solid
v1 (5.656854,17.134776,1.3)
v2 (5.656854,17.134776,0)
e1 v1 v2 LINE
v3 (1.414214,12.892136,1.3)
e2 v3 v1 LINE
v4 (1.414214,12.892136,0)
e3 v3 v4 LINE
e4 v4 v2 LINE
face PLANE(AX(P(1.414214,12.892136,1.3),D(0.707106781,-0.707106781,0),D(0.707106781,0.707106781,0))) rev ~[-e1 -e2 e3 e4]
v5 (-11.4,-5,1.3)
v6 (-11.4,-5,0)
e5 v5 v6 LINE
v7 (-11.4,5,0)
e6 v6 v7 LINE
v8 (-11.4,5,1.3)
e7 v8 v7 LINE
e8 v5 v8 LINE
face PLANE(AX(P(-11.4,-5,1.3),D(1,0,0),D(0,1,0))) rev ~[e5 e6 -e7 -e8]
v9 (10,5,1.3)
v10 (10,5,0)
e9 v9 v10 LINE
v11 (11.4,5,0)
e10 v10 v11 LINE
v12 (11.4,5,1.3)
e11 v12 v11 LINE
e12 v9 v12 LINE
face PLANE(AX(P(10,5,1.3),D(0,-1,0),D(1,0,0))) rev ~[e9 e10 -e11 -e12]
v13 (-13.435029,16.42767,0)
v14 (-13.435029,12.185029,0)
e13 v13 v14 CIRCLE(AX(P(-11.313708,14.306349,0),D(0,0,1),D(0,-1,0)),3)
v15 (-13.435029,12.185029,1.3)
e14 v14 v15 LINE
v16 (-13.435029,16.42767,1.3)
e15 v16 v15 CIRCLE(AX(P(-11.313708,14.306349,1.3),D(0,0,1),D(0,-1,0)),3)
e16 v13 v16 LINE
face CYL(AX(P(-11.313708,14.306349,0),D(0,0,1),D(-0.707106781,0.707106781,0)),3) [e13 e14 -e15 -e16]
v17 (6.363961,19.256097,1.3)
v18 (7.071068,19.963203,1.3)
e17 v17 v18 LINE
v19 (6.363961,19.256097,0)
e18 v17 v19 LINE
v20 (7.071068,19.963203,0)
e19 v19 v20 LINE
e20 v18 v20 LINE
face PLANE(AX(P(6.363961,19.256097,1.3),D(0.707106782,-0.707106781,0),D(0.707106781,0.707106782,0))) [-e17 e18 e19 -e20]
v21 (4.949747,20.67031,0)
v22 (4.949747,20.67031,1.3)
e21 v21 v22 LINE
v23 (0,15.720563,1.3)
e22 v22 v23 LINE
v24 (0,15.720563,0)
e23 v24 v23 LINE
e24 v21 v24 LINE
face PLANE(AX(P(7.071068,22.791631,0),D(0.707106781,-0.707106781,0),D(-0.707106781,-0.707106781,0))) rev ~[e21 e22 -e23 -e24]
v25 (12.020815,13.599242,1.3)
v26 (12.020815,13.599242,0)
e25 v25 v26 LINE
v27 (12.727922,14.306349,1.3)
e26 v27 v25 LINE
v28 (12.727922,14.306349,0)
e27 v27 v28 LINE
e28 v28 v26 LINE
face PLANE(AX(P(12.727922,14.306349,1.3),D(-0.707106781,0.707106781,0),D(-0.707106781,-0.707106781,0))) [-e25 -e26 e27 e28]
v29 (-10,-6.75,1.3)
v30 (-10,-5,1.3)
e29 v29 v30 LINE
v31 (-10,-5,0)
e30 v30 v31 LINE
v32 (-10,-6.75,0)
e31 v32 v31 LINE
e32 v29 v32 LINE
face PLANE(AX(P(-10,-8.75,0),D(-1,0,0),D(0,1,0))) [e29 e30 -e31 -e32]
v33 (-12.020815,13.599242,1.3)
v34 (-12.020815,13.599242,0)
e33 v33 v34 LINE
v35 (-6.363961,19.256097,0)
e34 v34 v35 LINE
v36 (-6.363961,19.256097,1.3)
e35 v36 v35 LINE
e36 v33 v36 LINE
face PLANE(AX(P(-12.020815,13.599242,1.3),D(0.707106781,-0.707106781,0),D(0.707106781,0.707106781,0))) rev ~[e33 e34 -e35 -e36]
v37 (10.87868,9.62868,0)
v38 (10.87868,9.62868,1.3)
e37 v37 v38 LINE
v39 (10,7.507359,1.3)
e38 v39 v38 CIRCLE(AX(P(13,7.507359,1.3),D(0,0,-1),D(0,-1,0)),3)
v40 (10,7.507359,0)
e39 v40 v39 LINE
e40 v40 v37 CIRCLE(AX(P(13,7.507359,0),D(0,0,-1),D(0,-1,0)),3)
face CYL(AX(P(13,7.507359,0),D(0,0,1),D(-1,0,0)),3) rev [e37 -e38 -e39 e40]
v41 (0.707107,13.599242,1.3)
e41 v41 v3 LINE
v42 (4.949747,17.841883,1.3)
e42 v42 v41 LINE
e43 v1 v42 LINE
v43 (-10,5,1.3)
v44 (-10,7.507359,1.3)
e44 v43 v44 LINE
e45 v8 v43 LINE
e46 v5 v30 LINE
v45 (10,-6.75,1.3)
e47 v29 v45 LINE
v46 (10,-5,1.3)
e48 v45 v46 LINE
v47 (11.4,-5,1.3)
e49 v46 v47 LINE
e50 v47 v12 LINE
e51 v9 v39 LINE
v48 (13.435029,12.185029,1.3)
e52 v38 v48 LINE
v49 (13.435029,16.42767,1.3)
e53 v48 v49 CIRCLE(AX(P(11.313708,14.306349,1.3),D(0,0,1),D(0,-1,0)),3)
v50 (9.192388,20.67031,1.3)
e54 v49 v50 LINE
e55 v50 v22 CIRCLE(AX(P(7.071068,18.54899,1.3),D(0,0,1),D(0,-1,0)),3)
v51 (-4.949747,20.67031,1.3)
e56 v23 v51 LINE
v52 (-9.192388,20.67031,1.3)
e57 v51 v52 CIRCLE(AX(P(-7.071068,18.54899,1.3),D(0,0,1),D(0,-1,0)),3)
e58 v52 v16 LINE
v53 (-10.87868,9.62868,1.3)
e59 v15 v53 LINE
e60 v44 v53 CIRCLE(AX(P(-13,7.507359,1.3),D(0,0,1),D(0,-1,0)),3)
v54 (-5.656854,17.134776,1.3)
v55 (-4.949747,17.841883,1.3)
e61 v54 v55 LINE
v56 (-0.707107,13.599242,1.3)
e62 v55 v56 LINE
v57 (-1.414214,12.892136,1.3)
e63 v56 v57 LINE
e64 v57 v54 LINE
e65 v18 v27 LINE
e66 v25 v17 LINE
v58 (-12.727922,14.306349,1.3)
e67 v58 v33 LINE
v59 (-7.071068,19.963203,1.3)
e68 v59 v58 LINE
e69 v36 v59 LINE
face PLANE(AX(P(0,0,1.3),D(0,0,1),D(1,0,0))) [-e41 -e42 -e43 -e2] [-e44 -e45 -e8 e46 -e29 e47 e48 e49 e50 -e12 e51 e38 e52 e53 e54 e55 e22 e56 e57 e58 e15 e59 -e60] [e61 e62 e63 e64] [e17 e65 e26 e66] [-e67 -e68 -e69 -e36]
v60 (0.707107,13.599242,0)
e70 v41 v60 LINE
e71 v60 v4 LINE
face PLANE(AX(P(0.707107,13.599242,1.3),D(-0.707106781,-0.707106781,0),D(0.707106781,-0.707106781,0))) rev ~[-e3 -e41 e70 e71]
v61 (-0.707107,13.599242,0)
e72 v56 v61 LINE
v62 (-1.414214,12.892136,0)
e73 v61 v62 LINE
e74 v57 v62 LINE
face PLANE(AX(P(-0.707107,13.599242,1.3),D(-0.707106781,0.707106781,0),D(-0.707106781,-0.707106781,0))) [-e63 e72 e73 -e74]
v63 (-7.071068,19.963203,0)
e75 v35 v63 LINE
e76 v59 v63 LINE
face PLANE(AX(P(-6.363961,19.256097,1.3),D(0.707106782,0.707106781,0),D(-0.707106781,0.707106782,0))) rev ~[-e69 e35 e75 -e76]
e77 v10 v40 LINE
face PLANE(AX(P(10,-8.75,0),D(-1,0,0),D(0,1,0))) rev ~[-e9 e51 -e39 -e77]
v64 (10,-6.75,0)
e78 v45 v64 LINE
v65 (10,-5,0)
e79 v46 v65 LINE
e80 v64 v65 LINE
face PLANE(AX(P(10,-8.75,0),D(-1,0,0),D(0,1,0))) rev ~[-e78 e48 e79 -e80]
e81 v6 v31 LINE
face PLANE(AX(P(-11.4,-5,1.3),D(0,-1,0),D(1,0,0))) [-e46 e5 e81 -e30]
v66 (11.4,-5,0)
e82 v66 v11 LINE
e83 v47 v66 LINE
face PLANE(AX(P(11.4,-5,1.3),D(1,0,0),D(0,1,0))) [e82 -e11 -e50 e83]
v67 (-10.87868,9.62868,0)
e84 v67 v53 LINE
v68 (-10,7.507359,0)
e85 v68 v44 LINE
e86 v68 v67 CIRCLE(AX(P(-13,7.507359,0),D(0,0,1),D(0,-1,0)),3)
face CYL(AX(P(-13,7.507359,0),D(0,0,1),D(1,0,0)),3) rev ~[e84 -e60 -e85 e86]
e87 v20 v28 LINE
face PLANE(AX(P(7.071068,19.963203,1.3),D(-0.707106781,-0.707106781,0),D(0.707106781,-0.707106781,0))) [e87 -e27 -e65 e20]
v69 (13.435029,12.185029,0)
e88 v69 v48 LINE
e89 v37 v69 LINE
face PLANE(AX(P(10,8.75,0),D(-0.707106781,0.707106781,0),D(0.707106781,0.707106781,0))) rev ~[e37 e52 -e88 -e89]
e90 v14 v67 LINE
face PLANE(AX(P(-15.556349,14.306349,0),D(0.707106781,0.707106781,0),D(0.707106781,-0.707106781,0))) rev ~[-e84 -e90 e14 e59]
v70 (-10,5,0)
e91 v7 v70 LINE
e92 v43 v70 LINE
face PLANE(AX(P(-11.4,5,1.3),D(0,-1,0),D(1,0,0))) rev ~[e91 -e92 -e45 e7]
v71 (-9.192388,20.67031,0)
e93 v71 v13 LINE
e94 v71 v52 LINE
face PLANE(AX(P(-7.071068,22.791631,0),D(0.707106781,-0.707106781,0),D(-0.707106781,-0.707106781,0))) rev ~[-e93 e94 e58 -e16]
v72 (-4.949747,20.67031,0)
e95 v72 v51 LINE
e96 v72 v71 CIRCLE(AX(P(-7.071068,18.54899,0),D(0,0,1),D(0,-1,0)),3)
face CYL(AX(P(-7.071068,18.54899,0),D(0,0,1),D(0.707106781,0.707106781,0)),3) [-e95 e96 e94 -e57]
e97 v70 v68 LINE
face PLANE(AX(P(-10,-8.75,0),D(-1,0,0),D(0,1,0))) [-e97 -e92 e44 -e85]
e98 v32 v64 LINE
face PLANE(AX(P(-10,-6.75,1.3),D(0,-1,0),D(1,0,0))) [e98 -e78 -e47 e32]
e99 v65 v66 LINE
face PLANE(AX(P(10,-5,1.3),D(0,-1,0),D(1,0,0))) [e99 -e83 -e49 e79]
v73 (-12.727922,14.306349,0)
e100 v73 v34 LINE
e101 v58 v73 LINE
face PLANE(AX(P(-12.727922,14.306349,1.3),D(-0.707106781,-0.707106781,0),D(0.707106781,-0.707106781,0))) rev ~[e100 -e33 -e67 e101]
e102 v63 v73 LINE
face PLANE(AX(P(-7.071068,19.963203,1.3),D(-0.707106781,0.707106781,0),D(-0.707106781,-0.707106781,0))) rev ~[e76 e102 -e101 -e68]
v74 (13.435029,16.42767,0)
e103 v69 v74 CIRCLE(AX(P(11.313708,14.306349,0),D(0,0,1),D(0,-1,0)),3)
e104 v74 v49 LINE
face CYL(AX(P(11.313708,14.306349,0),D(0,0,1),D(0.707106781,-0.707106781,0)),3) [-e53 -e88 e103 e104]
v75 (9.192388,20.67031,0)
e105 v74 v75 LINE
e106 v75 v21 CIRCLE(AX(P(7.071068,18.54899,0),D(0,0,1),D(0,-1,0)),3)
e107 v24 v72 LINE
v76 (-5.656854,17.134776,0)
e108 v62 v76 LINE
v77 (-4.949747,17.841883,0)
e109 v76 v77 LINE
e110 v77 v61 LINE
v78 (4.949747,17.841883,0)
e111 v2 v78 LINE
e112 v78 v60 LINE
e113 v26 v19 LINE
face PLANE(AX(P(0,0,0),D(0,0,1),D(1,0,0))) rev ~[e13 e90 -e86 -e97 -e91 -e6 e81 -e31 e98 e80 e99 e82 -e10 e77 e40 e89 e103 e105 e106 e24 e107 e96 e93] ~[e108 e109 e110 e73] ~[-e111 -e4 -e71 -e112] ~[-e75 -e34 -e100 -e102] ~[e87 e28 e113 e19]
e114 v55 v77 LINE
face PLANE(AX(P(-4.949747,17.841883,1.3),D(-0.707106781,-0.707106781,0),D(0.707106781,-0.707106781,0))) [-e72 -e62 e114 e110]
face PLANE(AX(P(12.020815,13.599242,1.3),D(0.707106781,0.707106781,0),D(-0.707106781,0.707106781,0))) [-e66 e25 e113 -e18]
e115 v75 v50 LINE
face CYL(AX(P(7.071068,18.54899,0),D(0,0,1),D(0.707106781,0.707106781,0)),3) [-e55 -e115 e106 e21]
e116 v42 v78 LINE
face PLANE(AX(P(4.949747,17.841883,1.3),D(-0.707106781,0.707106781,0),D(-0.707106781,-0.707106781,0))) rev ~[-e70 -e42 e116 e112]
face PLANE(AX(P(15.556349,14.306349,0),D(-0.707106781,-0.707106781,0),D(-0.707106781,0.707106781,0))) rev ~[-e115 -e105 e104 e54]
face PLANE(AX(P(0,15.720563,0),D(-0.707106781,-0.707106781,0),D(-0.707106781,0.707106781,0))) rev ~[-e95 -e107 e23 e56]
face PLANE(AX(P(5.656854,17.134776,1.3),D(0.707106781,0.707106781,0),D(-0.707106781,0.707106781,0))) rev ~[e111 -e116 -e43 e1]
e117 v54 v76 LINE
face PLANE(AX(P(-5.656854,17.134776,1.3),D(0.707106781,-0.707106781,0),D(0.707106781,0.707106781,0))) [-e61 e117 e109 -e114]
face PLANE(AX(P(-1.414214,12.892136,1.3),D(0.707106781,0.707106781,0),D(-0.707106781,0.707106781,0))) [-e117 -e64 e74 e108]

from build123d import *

# Parameters (mm, degrees)
BOSS_EXTRUDE1_DEPTH = 1.3
FILLET1_R           = 3
CUT_EXTRUDE1_DEPTH  = 26.902339963
SKETCH2_3_W         = 1.4
SKETCH2_3_H         = 10
BOSS_EXTRUDE2_DEPTH = 1.3
SKETCH3_W           = 20
SKETCH3_H           = 2
CUT_EXTRUDE2_DEPTH  = 26.902339963
CUT_EXTRUDE3_DEPTH  = 26.902339963


with BuildPart() as part:
    # Sketch1 → Boss-Extrude1 (new body)
    with BuildSketch(Plane.XY):
        Polygon((-15.556349186, 14.306349186), (-10, 8.75), (-10, -8.75), (10, -8.75), (10, 8.75), (15.556349186, 14.306349186), (7.071067812, 22.79163056), (0, 15.720562748), (-7.071067812, 22.79163056), align=None)
    extrude(amount=BOSS_EXTRUDE1_DEPTH)

    # Fillet1
    fillet1_edges = [part.edges().sort_by_distance(p)[0] for p in [
        (-10, 8.75, 0.65),
        (10, 8.75, 0.65),
        (-15.556349186, 14.306349186, 0.65),
        (-7.071067812, 22.79163056, 0.65),
        (7.071067812, 22.79163056, 0.65),
        (15.556349186, 14.306349186, 0.65),
    ]]
    fillet(fillet1_edges, radius=FILLET1_R)

    # Sketch2 → Cut-Extrude1 (cut, through all)
    with BuildSketch(Plane.XY.offset(1.3)):
        Polygon((7.071067812, 19.963203436), (12.727922061, 14.306349186), (12.02081528, 13.599242405), (6.363961031, 19.256096654), align=None)
        Polygon((-12.727922061, 14.306349186), (-12.02081528, 13.599242405), (-6.363961031, 19.256096654), (-7.071067812, 19.963203436), align=None)
    extrude(amount=-CUT_EXTRUDE1_DEPTH, mode=Mode.SUBTRACT)

    # Sketch2<3> → Boss-Extrude2 (add)
    with BuildSketch(Plane.XY.offset(1.3)):
        with Locations((-10.7, 0)):
            Rectangle(SKETCH2_3_W, SKETCH2_3_H)
        with Locations((10.7, 0)):
            Rectangle(SKETCH2_3_W, SKETCH2_3_H)
    extrude(amount=-BOSS_EXTRUDE2_DEPTH)

    # Sketch3 → Cut-Extrude2 (cut, through all)
    with BuildSketch(Plane.XY.offset(1.3)):
        with Locations((0, -7.75)):
            Rectangle(SKETCH3_W, SKETCH3_H)
    extrude(amount=-CUT_EXTRUDE2_DEPTH, mode=Mode.SUBTRACT)

    # Sketch4 → Cut-Extrude3 (cut, through all)
    with BuildSketch(Plane.XY.offset(1.3)):
        Polygon((-4.949747468, 17.841883092), (-0.707106781, 13.599242405), (-1.414213562, 12.892135624), (-5.656854249, 17.134776311), align=None)
        Polygon((1.414213562, 12.892135624), (5.656854249, 17.134776311), (4.949747468, 17.841883092), (0.707106781, 13.599242405), align=None)
    extrude(amount=-CUT_EXTRUDE3_DEPTH, mode=Mode.SUBTRACT)


solid = part.part
